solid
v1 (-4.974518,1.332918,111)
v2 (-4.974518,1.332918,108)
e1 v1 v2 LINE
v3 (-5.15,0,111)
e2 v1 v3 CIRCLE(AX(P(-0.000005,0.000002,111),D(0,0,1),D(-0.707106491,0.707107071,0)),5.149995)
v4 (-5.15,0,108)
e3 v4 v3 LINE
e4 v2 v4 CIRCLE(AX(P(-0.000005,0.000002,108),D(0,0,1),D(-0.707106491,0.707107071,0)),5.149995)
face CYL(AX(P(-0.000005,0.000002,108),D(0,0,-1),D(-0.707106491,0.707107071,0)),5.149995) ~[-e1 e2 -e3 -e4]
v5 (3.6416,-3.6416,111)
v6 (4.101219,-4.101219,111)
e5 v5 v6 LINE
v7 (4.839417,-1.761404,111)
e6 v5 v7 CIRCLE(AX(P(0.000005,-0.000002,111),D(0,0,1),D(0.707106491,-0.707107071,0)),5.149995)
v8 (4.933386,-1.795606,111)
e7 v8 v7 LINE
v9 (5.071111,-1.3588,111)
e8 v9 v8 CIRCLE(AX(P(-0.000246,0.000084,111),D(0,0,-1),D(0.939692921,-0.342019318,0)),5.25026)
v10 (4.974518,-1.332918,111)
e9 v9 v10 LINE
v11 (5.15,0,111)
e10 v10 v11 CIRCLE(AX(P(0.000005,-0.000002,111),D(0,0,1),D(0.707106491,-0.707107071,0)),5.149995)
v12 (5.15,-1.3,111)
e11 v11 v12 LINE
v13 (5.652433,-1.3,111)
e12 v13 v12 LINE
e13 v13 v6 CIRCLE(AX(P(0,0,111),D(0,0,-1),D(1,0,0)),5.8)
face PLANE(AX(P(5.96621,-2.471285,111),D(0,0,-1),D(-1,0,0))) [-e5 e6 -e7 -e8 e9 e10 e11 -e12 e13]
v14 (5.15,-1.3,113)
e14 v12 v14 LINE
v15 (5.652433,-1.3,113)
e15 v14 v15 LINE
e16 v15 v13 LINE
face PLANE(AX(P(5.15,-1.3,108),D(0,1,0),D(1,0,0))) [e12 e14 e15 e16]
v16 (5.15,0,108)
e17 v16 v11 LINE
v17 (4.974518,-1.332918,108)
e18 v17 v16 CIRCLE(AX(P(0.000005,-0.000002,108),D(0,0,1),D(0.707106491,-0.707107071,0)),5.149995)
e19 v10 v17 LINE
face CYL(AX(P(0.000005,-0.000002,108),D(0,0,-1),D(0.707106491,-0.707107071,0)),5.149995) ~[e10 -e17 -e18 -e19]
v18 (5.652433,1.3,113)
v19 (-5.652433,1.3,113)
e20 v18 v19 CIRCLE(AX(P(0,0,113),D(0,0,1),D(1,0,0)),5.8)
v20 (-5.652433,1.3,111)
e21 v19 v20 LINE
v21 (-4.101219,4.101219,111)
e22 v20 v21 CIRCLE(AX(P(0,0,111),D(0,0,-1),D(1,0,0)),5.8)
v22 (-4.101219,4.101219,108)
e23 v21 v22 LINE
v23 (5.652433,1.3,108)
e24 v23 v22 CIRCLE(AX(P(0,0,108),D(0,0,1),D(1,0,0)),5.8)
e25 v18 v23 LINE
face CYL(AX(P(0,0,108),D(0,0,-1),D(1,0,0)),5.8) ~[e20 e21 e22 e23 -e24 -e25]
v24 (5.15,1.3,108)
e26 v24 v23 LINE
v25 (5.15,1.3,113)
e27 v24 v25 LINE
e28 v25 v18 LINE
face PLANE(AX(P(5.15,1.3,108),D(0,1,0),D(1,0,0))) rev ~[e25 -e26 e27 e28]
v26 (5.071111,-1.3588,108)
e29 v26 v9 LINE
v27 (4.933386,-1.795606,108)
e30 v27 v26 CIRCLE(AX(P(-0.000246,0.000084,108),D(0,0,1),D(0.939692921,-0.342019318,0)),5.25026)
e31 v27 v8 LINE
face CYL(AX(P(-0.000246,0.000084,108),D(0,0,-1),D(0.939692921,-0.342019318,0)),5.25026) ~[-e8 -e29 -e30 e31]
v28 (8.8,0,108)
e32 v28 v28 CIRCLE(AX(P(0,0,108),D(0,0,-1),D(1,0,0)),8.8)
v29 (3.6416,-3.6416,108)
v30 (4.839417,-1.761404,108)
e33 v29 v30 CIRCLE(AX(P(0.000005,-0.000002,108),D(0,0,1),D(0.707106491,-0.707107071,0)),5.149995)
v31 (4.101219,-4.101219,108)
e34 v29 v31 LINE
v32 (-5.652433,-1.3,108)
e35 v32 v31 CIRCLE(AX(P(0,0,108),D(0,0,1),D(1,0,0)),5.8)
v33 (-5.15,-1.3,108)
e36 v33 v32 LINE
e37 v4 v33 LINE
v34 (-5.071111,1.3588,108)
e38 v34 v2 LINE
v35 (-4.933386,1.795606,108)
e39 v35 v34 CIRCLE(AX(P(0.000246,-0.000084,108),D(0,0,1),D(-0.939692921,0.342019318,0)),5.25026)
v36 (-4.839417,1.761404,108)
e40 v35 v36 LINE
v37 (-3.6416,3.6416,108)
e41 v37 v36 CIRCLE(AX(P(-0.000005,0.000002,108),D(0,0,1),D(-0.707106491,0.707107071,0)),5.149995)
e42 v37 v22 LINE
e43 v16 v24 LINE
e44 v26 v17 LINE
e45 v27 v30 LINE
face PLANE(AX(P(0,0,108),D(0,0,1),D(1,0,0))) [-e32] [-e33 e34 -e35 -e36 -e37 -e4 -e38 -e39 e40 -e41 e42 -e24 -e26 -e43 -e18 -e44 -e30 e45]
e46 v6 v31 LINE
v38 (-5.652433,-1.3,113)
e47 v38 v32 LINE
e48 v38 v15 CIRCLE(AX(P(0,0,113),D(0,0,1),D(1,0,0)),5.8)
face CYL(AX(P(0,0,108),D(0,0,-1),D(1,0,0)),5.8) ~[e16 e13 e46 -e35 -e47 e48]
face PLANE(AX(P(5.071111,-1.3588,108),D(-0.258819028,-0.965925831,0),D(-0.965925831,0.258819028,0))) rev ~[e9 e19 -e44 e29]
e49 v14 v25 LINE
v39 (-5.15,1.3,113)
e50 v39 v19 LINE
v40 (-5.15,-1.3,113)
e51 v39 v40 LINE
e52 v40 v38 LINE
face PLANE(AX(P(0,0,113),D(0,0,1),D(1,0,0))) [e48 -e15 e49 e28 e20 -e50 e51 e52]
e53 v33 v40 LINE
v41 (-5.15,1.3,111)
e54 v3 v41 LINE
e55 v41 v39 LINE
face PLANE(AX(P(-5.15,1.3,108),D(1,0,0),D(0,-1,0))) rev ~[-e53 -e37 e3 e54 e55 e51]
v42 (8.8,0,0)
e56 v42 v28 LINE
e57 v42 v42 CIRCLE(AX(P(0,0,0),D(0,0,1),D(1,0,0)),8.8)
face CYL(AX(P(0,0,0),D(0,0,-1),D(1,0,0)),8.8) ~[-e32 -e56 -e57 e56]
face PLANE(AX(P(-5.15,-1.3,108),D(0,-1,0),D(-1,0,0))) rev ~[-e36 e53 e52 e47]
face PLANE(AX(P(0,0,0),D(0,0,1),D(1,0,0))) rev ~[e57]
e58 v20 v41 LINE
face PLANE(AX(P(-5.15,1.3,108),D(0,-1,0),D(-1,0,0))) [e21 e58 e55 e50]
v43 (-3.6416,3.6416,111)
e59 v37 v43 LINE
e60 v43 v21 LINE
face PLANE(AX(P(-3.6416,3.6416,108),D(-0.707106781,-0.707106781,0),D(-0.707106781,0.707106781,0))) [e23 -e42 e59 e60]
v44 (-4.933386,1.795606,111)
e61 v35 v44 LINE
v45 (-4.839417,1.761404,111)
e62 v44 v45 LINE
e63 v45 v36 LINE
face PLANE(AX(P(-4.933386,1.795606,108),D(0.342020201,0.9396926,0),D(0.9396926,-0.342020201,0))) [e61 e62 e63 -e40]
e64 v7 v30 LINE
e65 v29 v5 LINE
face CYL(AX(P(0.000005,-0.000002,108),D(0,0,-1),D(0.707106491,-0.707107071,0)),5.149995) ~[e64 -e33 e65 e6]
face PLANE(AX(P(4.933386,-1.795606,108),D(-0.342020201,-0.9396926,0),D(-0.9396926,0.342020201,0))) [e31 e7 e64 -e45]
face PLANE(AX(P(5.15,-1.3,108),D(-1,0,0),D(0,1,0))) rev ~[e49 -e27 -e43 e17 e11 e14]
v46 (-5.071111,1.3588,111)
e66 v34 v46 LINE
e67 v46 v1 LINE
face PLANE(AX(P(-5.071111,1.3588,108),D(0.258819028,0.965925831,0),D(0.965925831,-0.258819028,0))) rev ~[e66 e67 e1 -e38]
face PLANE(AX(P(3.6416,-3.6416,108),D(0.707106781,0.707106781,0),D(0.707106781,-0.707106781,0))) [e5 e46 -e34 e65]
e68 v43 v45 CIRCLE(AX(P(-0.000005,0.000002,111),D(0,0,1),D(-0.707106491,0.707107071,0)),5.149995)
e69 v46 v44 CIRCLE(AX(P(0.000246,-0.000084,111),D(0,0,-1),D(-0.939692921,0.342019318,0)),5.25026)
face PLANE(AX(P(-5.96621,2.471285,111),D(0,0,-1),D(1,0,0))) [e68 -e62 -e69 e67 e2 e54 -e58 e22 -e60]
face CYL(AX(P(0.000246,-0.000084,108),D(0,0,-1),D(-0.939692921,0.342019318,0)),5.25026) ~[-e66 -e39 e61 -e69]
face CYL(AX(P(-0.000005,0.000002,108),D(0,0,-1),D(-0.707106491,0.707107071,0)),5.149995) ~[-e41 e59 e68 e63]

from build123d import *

# Parameters (mm, degrees)
SKETCH_R              = 8.8
PAD_DEPTH             = 108
SKETCH001_R           = 5.8
PAD001_DEPTH          = 5
SKETCH002_W           = 5
SKETCH002_H           = 2.6
POCKET_DEPTH          = 5
POLARPATTERN_COUNT    = 2
POCKET001_DEPTH       = 3
POLARPATTERN001_COUNT = 2
PAD002_DEPTH          = 5
POLARPATTERN002_COUNT = 2


with BuildPart() as part:
    # Sketch → Pad (new body)
    with BuildSketch(Plane.XY):
        Circle(SKETCH_R)
    extrude(amount=PAD_DEPTH)

    # Sketch001 → Pad001 (join)
    with BuildSketch(Plane.XY.offset(108)):
        Circle(SKETCH001_R)
    extrude(amount=PAD001_DEPTH)

    # Sketch002 → Pocket (cut)
    with BuildSketch(Plane.XY.offset(108)):
        with Locations((7.65, 0)):
            Rectangle(SKETCH002_W, SKETCH002_H)
    pocket = extrude(amount=POCKET_DEPTH, mode=Mode.SUBTRACT)

    # PolarPattern: Pocket ×2 about axis
    polarpattern_axis = Axis((0, 0, 108), (0, 0, 1))
    for i in range(1, POLARPATTERN_COUNT):
        add(pocket.rotate(polarpattern_axis, i * 360 / POLARPATTERN_COUNT), mode=Mode.SUBTRACT)

    # Sketch003 (on Face3 of PolarPattern) → Pocket001 (cut)
    with BuildSketch(Plane.XY.offset(108)):
        with BuildLine():
            ThreePointArc((3.6416, -3.6416), (4.75798, -1.97082), (5.15, 0))
            Line((8, 0), (5.15, 0))
            ThreePointArc((5.656854, -5.656854), (7.391036, -3.061467), (8, 0))
            Line((3.6416, -3.6416), (5.656854, -5.656854))
        make_face()
    pocket001 = extrude(amount=POCKET001_DEPTH, mode=Mode.SUBTRACT)

    # PolarPattern001: Pocket001 ×2 about axis
    polarpattern001_axis = Axis((0, 0, 108), (0, 0, 1))
    for i in range(1, POLARPATTERN001_COUNT):
        add(pocket001.rotate(polarpattern001_axis, i * 360 / POLARPATTERN001_COUNT), mode=Mode.SUBTRACT)

    # Sketch004 (on Face3 of PolarPattern001) → Pad002 (join)
    with BuildSketch(Plane.XY.offset(108)):
        with BuildLine():
            ThreePointArc((4.933386, -1.795606), (5.007014, -1.578705), (5.071111, -1.3588))
            Line((5.071111, -1.3588), (0, 0))
            Line((4.933386, -1.795606), (0, 0))
        make_face()
    pad002 = extrude(amount=PAD002_DEPTH)

    # PolarPattern002: Pad002 ×2 about axis
    polarpattern002_axis = Axis((0, 0, 108), (0, 0, 1))
    for i in range(1, POLARPATTERN002_COUNT):
        add(pad002.rotate(polarpattern002_axis, i * 360 / POLARPATTERN002_COUNT))


solid = part.part
